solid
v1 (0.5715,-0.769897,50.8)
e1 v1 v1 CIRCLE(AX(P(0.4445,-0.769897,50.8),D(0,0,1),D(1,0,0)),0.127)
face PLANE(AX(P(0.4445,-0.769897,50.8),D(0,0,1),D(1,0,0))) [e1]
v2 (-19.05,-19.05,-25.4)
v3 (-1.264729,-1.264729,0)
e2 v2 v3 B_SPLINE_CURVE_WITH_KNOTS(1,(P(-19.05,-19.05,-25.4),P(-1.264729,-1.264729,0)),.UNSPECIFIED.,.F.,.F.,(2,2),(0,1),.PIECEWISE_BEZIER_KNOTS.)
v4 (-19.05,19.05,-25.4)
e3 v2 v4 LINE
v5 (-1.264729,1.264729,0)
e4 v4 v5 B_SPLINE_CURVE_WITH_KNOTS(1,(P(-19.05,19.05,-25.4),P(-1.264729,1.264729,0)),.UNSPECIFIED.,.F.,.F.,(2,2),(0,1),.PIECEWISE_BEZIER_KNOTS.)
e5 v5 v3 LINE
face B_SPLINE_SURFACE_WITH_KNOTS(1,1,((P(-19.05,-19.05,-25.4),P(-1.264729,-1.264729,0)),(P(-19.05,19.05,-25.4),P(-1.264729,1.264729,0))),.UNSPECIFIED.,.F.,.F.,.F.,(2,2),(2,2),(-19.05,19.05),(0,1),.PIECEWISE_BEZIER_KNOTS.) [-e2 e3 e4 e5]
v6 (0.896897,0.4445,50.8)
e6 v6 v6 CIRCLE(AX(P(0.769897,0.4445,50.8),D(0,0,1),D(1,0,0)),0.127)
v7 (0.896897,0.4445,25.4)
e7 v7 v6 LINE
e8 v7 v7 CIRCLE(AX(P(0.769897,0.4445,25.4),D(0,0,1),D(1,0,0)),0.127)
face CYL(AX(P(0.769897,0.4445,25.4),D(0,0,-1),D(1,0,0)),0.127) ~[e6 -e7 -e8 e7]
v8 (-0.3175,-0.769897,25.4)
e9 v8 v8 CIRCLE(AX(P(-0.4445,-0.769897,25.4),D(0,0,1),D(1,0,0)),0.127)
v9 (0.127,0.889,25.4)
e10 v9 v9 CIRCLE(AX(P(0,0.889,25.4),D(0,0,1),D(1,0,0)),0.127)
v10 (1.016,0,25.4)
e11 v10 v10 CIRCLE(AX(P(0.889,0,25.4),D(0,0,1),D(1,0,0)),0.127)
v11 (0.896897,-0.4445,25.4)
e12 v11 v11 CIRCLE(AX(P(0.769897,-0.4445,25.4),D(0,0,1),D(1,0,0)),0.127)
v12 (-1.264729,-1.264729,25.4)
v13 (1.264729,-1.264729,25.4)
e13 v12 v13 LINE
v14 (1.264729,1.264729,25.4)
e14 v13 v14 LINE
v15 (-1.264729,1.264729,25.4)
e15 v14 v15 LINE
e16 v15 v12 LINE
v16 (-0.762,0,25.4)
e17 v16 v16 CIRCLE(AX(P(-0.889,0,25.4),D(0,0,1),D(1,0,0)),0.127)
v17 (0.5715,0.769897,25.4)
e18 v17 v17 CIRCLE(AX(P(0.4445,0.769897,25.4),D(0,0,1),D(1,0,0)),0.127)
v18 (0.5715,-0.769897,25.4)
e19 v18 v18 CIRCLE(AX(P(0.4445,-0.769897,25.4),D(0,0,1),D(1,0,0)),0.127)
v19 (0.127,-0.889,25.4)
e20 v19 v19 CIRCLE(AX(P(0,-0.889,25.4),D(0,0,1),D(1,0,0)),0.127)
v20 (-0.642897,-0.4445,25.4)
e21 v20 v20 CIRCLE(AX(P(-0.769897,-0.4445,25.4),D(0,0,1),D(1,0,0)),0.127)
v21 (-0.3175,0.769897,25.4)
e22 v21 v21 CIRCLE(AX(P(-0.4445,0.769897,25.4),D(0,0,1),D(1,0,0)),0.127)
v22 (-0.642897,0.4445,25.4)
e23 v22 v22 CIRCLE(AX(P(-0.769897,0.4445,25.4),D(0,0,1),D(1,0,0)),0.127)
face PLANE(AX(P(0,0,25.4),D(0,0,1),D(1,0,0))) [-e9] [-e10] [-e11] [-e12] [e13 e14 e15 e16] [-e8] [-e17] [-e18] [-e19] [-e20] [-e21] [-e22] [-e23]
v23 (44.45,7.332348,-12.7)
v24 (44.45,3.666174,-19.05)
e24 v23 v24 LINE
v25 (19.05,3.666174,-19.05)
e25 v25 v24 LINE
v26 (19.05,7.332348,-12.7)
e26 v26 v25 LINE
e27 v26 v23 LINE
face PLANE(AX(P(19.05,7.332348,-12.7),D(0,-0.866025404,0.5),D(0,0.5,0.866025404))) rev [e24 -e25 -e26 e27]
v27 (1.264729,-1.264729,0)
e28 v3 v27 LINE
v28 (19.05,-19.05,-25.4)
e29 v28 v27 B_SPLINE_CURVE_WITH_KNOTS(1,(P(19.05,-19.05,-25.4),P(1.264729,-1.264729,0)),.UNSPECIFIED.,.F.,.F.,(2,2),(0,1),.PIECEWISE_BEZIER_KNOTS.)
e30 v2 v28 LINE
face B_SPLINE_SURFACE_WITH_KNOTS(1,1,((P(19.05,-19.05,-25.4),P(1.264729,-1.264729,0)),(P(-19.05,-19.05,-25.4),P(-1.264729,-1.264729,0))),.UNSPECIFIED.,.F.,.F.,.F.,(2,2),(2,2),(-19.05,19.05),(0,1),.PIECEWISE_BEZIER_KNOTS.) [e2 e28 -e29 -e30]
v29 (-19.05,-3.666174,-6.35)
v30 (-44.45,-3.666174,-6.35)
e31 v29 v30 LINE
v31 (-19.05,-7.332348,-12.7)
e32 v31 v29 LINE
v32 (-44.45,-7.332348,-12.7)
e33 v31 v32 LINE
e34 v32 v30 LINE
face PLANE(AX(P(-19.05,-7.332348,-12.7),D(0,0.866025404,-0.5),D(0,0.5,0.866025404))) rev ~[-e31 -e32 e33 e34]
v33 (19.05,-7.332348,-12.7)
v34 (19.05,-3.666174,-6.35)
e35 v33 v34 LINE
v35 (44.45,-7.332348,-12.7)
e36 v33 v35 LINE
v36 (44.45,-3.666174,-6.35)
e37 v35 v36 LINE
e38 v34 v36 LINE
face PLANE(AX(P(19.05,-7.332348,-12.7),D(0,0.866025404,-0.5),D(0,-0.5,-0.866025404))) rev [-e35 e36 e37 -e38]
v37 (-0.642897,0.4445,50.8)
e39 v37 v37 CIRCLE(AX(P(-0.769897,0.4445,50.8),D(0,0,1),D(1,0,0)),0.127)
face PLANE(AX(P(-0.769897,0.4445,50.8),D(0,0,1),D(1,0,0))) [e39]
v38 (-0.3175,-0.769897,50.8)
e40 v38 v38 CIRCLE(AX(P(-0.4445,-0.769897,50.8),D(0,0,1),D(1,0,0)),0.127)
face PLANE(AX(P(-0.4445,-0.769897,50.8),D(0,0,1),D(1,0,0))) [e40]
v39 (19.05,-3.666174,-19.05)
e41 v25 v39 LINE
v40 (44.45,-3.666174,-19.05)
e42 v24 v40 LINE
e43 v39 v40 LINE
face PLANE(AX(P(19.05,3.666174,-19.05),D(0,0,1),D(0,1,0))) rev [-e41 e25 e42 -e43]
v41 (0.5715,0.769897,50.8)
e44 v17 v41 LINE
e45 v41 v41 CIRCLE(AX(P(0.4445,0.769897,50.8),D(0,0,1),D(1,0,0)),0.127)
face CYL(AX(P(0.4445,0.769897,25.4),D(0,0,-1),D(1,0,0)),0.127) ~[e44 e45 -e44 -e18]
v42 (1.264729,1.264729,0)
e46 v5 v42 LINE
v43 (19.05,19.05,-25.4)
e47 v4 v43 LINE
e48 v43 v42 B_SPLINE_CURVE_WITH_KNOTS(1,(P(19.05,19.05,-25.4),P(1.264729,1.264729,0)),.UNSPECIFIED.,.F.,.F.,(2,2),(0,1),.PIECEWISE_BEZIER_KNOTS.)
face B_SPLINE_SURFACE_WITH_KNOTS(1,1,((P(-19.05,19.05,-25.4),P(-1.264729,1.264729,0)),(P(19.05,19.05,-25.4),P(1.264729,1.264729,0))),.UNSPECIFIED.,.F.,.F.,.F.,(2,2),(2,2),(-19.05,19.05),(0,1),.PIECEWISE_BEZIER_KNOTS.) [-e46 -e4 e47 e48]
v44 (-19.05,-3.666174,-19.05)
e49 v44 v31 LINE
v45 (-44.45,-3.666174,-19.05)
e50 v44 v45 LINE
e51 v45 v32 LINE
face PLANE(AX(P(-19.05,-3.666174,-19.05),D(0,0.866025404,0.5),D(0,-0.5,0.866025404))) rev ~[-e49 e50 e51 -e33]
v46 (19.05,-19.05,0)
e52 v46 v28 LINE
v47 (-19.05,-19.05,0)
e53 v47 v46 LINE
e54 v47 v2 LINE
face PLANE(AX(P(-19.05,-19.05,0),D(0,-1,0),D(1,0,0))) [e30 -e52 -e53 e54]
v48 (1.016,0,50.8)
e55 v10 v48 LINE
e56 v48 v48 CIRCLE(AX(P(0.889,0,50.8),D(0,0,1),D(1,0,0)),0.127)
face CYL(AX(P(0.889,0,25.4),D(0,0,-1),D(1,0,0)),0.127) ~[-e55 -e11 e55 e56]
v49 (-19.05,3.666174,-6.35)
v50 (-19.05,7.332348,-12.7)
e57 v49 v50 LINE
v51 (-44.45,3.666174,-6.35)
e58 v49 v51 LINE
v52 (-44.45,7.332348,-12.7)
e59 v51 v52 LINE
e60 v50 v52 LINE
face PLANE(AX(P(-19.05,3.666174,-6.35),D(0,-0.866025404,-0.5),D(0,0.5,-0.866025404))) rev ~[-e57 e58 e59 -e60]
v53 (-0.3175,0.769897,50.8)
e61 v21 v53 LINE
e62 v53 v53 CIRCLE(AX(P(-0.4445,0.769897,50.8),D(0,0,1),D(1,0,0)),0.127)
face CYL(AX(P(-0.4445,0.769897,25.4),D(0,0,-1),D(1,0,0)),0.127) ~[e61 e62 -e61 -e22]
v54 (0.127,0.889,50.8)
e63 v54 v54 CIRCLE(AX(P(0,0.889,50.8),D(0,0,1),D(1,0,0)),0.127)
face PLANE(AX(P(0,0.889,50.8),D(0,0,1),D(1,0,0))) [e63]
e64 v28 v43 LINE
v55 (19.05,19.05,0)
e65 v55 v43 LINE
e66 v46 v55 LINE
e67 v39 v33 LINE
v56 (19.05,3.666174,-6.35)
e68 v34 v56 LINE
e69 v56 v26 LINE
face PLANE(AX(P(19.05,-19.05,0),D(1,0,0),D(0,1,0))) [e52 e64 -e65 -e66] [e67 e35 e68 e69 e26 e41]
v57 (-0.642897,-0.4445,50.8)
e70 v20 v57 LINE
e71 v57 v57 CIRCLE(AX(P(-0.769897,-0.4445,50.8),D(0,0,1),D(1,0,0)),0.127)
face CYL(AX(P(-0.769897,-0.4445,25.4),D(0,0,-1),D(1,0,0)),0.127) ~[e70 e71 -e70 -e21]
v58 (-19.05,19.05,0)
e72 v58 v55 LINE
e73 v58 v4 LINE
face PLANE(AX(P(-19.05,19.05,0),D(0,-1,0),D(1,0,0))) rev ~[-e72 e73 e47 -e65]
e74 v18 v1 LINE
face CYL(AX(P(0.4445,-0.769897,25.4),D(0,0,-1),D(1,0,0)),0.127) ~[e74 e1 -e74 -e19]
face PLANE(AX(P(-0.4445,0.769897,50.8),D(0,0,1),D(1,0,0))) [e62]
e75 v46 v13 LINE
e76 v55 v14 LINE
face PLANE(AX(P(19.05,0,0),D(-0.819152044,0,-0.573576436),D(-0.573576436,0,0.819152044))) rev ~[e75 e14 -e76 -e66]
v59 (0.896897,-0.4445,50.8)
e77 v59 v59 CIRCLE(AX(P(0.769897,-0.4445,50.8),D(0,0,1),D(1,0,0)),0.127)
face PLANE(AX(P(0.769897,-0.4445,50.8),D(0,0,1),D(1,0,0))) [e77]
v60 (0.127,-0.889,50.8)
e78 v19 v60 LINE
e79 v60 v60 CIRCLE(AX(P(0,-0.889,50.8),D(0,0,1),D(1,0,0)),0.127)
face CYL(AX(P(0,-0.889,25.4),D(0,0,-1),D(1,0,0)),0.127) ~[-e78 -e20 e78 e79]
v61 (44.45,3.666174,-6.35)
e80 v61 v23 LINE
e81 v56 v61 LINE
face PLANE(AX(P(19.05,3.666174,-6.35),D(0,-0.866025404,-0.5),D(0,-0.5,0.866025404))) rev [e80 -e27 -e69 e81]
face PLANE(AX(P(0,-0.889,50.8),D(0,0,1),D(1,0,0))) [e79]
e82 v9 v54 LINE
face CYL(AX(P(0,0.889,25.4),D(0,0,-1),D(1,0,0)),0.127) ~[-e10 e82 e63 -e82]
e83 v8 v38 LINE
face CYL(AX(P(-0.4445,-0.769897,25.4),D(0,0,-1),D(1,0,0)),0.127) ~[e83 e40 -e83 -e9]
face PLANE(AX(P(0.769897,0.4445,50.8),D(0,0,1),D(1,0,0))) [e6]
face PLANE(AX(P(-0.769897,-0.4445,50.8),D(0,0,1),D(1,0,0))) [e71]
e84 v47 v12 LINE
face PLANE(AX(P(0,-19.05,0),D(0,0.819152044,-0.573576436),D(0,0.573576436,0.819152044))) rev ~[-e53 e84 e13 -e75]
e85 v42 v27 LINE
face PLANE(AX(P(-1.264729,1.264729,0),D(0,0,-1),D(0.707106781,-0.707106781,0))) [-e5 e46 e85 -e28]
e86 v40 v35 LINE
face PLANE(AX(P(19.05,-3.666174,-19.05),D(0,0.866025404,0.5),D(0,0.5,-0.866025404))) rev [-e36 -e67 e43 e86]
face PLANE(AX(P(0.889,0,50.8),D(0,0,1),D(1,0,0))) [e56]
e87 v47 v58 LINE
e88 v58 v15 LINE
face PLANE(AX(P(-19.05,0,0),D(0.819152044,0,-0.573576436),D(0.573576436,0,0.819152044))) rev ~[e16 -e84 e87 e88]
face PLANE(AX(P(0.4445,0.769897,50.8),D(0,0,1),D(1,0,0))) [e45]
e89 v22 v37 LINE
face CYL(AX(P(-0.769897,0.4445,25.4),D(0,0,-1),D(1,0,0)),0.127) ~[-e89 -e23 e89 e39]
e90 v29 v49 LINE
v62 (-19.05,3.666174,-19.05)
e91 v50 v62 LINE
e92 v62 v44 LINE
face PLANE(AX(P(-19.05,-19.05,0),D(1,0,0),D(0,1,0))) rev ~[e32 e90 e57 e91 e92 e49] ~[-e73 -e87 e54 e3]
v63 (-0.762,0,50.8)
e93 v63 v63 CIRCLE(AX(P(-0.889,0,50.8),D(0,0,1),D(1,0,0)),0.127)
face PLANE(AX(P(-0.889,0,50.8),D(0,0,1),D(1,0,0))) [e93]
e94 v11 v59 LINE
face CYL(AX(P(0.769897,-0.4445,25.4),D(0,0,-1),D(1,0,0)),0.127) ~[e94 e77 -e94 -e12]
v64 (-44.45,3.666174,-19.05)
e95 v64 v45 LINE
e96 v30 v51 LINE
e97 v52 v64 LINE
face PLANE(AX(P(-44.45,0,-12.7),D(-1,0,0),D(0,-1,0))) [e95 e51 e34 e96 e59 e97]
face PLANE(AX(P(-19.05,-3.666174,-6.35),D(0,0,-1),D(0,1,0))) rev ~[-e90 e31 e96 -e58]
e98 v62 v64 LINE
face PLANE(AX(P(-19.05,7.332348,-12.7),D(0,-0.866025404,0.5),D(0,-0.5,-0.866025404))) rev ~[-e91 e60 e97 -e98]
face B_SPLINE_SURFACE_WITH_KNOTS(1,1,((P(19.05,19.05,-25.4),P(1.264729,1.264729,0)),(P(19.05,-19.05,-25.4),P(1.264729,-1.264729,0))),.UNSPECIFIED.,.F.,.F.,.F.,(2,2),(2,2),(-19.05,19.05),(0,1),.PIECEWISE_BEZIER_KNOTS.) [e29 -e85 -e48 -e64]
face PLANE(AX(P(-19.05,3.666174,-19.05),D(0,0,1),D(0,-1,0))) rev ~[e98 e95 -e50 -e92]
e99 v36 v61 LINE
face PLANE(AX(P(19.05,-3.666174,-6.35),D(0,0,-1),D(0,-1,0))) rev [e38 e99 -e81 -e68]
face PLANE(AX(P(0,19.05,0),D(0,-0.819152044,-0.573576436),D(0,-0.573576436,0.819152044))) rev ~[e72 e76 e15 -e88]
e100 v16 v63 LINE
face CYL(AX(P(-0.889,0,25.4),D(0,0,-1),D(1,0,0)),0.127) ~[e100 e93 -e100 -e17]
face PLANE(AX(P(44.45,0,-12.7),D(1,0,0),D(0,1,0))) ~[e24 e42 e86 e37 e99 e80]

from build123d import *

# Parameters (mm, degrees)
F0_W      = 38.1
F0_H      = 38.1
F1_DEPTH  = 25.4
F1_TAPER  = 35
F2_DEPTH  = 25.4
F2_FACE_W = 38.1
F2_FACE_H = 38.1
F3_DEPTH  = 25.4
F3_TAPER  = 35
F7_DEPTH  = 25.4
F9_R      = 0.127
F10_DEPTH = 25.4


with BuildPart() as f1:
    # F0 (on Top) → F1 (new body)
    with BuildSketch(Plane.XY):
        Rectangle(F0_W, F0_H)
    extrude(amount=F1_DEPTH, taper=F1_TAPER)

    # F2 (add): a face of the model
    f2_faces = [f1.faces().sort_by_distance(p)[0] for p in [
        (0, 0, 0),
    ]]
    extrude(f2_faces, amount=F2_DEPTH)

    # F2_face (on face) → F3 (cut)
    with BuildSketch(Plane(origin=(0, 0, -25.4), x_dir=(1, 0, 0), z_dir=(0, 0, -1))):
        Rectangle(F2_FACE_W, F2_FACE_H)
    extrude(amount=-F3_DEPTH, taper=F3_TAPER, mode=Mode.SUBTRACT)

    # F6 (on face) → F7 (join)
    with BuildSketch(Plane(origin=(-19.05, 0, 0), x_dir=(0, -1, 0), z_dir=(-1, 0, 0))):
        Polygon((3.6661742094, -6.35), (-3.6661742094, -6.35), (-7.3323484187, -12.7), (-3.6661742094, -19.05), (3.6661742094, -19.05), (7.3323484187, -12.7), align=None)
    extrude(amount=F7_DEPTH)

    # F8: F1 across plane


with BuildPart() as f1_1:
    add(f1.part)
    add(f1.part.mirror(Plane.YZ))

    # F9 (on face) → F10 (join)
    with BuildSketch(Plane.XY.offset(25.4)):
        with Locations((0, 0.889)):
            Circle(F9_R)
        with Locations((-0.4445, 0.769896584)):
            Circle(F9_R)
        with Locations((-0.769896584, 0.4445)):
            Circle(F9_R)
        with Locations((-0.889, 0)):
            Circle(F9_R)
        with Locations((-0.769896584, -0.4445)):
            Circle(F9_R)
        with Locations((-0.4445, -0.769896584)):
            Circle(F9_R)
        with Locations((0, -0.889)):
            Circle(F9_R)
        with Locations((0.4445, -0.769896584)):
            Circle(F9_R)
        with Locations((0.769896584, -0.4445)):
            Circle(F9_R)
        with Locations((0.889, 0)):
            Circle(F9_R)
        with Locations((0.769896584, 0.4445)):
            Circle(F9_R)
        with Locations((0.4445, 0.769896584)):
            Circle(F9_R)
    extrude(amount=F10_DEPTH)


solid = f1_1.part
